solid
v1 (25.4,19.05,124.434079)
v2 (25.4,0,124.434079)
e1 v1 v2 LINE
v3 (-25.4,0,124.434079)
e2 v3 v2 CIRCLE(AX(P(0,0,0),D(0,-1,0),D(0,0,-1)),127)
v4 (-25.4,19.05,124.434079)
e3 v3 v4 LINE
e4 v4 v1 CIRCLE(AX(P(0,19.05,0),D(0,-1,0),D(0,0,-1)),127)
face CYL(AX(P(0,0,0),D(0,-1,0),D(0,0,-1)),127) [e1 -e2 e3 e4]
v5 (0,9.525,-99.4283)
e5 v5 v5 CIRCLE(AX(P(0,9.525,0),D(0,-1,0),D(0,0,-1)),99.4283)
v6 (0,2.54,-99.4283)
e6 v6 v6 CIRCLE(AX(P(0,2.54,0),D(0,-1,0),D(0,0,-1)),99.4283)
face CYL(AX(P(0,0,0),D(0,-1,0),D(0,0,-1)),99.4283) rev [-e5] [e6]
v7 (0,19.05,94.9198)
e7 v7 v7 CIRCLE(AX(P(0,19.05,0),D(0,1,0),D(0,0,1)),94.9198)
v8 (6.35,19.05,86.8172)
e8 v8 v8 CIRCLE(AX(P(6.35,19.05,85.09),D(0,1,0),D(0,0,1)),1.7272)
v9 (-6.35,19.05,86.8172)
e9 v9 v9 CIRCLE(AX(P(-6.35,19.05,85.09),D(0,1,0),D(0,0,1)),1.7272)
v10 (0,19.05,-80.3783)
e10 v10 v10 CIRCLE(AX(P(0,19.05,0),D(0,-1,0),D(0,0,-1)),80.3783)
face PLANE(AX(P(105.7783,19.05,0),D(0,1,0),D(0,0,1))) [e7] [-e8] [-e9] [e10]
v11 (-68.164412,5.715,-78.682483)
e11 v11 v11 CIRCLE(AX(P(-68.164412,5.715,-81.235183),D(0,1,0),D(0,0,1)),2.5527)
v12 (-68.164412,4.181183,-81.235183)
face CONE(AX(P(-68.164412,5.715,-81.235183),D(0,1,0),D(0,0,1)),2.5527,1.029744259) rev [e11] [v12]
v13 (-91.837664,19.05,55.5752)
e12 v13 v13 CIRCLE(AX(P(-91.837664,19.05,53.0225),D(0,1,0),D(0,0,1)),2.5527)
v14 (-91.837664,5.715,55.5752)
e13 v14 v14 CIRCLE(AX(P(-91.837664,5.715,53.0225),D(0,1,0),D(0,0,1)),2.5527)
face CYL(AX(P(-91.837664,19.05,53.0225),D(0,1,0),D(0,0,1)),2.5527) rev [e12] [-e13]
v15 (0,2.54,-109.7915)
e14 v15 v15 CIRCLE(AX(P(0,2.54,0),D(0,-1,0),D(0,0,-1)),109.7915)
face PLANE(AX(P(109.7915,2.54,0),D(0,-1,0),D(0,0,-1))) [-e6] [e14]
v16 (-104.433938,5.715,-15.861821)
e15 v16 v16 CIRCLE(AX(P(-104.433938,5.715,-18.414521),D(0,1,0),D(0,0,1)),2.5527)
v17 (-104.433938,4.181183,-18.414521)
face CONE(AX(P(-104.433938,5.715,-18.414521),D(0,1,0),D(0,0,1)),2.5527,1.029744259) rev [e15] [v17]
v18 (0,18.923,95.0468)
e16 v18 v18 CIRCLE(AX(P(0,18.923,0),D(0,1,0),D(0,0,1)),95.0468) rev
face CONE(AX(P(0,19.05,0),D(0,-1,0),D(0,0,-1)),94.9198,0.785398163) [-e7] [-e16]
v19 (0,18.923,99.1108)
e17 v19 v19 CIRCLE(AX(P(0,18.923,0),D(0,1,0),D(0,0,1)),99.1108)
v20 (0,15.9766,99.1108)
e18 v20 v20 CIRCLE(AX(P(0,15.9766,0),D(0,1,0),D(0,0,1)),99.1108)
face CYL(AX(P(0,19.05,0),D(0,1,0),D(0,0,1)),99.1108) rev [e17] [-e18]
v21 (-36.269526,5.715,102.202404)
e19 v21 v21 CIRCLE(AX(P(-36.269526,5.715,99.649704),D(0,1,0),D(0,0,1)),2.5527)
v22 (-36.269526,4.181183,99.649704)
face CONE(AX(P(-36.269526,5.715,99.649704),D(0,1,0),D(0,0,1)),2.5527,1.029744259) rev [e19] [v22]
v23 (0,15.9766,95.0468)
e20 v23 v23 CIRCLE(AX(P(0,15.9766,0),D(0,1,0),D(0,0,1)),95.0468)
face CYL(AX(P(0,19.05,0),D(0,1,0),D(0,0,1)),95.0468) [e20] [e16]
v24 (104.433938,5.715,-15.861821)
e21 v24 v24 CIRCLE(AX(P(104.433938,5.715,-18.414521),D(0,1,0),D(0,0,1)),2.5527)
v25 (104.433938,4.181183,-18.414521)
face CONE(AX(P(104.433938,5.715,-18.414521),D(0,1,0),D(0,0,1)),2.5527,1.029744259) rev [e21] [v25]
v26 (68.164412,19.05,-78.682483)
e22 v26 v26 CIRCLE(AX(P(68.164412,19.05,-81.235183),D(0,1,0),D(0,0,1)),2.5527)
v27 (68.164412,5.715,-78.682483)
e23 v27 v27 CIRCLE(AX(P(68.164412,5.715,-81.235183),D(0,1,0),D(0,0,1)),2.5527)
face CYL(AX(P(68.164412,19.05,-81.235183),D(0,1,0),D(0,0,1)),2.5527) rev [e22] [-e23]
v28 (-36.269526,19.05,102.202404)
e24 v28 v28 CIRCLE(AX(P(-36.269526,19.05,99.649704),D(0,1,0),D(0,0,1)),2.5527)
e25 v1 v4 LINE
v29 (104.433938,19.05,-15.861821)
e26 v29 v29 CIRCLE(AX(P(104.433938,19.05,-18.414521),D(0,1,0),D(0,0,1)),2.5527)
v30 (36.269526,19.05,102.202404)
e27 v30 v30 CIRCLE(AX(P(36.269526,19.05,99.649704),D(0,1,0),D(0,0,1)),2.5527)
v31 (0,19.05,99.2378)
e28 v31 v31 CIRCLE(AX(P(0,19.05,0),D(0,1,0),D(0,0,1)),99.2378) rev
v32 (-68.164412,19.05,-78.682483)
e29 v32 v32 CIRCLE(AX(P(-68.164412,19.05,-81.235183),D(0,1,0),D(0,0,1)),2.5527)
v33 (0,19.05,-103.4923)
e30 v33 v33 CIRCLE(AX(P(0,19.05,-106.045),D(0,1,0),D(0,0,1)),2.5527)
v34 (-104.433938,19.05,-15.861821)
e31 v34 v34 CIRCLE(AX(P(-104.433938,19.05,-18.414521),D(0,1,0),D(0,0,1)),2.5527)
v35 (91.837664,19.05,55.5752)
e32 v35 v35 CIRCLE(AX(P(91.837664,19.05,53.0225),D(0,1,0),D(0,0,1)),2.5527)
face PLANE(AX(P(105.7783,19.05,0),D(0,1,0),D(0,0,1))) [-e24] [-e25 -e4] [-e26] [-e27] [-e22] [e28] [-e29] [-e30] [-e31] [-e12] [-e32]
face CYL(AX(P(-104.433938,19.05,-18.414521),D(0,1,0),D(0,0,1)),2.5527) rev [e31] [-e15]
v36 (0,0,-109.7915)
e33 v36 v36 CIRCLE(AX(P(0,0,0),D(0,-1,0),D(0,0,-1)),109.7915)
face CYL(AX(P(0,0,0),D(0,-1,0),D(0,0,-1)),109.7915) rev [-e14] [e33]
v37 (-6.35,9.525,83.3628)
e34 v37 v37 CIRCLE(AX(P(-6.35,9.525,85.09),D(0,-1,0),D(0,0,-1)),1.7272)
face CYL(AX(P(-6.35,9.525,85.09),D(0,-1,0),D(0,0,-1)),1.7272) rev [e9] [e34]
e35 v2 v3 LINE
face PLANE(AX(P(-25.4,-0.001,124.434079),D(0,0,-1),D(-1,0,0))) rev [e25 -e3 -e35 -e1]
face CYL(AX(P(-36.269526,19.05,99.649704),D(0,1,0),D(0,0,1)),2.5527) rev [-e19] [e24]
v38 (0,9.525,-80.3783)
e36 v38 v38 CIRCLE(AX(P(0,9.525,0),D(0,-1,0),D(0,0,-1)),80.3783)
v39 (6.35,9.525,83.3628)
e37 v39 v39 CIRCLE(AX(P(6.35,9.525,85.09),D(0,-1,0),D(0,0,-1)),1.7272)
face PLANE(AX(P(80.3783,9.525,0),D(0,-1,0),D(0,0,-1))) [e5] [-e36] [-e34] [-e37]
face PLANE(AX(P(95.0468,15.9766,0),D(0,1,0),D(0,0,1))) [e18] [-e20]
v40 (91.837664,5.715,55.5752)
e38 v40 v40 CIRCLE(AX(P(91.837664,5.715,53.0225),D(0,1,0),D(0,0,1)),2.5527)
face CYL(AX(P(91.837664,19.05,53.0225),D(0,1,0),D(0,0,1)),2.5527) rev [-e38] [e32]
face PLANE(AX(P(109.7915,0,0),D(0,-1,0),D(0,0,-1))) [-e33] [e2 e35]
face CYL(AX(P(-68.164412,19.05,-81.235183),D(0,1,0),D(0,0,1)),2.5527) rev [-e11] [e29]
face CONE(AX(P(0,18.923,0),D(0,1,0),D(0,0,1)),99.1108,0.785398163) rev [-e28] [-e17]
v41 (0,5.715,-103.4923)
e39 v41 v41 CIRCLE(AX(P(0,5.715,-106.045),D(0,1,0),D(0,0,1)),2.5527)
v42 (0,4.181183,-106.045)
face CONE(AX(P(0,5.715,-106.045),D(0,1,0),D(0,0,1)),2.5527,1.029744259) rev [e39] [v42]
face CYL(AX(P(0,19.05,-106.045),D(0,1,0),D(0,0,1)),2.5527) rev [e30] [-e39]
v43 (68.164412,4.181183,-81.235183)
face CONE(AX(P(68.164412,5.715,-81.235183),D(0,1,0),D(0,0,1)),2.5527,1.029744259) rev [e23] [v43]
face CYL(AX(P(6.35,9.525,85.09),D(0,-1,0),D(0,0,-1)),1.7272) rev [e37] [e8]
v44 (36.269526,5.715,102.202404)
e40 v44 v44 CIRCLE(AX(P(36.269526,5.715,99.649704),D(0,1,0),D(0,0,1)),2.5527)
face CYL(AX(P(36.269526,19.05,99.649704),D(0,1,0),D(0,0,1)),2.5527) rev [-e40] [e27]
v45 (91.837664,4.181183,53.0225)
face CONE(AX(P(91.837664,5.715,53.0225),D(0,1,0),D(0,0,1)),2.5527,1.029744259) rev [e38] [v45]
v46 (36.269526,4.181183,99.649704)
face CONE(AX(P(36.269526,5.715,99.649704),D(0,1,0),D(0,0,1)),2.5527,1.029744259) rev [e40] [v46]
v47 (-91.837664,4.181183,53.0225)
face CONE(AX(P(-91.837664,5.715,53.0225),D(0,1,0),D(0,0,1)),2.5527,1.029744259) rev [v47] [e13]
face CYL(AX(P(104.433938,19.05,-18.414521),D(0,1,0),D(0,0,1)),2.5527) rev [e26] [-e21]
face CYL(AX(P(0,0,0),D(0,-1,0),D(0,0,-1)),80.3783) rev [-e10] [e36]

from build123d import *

# Parameters (mm, degrees)
F_1_4_20_TAPPED_HOLE1_D     = 5.1054
F_1_4_20_TAPPED_HOLE1_DEPTH = 13.335
F_1_4_20_TAPPED_HOLE1_TIP   = 1.533816902
SKETCH4_W                   = 4.064
SKETCH4_H                   = 3.0734
CHAMFER1_SIZE               = 0.127
F_8_32_TAPPED_HOLE1_D       = 3.4544
CUT_EXTRUDE1_REACH          = 182.613
SKETCH7_W                   = 50.8
SKETCH7_H                   = 2.565921067


with BuildPart() as part:
    # Sketch1 → Revolve1 (revolve)
    with BuildSketch(Plane.XY, mode=Mode.PRIVATE) as revolve1_sk:
        Polygon((109.7915, 0), (109.7915, 2.54), (105.7783, 2.54), (99.4283, 2.54), (99.4283, 9.525), (80.3783, 9.525), (80.3783, 19.05), (105.7783, 19.05), (127, 19.05), (127, 0), align=None)
    revolve(revolve1_sk.sketch.rotate(Axis((0, 0, 0), (0, 1, 0)), 90), axis=Axis((0, 0, 0), (0, 1, 0)))

    # 1/4-20 Tapped Hole1
    with Locations(Plane(origin=(0, 19.05, 0), x_dir=(1, 0, 0), z_dir=(0, 1, 0))):
        with Locations((0, 106.045), (68.164412069, 81.235182971), (104.433938168, 18.414521001), (91.837663944, -53.0225), (36.269526099, -99.649703971), (-36.269526099, -99.649703971), (-91.837663944, -53.0225), (-104.433938168, 18.414521001), (-68.164412069, 81.235182971)):
            Hole(F_1_4_20_TAPPED_HOLE1_D / 2, depth=F_1_4_20_TAPPED_HOLE1_DEPTH)
            with Locations((0, 0, -(F_1_4_20_TAPPED_HOLE1_DEPTH + F_1_4_20_TAPPED_HOLE1_TIP / 2))):  # 118° drill point
                Cone(0, F_1_4_20_TAPPED_HOLE1_D / 2, F_1_4_20_TAPPED_HOLE1_TIP, mode=Mode.SUBTRACT)

    # Sketch4 → Cut-Revolve1 (revolve, cut)
    with BuildSketch(Plane.XY, mode=Mode.PRIVATE) as cut_revolve1_sk:
        with Locations((97.0788, 17.5133)):
            Rectangle(SKETCH4_W, SKETCH4_H)
    revolve(cut_revolve1_sk.sketch.rotate(Axis((0, 19.05, 0), (0, -1, 0)), 90), axis=Axis((0, 19.05, 0), (0, -1, 0)), mode=Mode.SUBTRACT)

    # Chamfer1
    chamfer1_edges = [part.edges().sort_by_distance(p)[0] for p in [
        (0, 19.05, -95.0468),
        (0, 19.05, -99.1108),
    ]]
    chamfer(chamfer1_edges, length=CHAMFER1_SIZE)

    # #8-32 Tapped Hole1 (through all)
    with Locations(Plane(origin=(0, 9.525, 0), x_dir=(-1, 0, 0), z_dir=(0, -1, 0))):
        with Locations((6.35, -85.09), (-6.35, -85.09)):
            Hole(F_8_32_TAPPED_HOLE1_D / 2)

    # Sketch7 → Cut-Extrude1 (cut, up to next)
    with BuildSketch(Plane(origin=(0, 19.05, 0), x_dir=(1, 0, 0), z_dir=(0, 1, 0)), mode=Mode.PRIVATE) as cut_extrude1_sk1:
        with Locations((0, -125.717039467)):
            Rectangle(SKETCH7_W, SKETCH7_H)
    cut_extrude1_tool1 = extrude(cut_extrude1_sk1.sketch, amount=-CUT_EXTRUDE1_REACH, mode=Mode.PRIVATE) & part.part
    add(cut_extrude1_tool1.solids().sort_by_distance((0, 19.05, 125.717039))[0], mode=Mode.SUBTRACT)


solid = part.part
